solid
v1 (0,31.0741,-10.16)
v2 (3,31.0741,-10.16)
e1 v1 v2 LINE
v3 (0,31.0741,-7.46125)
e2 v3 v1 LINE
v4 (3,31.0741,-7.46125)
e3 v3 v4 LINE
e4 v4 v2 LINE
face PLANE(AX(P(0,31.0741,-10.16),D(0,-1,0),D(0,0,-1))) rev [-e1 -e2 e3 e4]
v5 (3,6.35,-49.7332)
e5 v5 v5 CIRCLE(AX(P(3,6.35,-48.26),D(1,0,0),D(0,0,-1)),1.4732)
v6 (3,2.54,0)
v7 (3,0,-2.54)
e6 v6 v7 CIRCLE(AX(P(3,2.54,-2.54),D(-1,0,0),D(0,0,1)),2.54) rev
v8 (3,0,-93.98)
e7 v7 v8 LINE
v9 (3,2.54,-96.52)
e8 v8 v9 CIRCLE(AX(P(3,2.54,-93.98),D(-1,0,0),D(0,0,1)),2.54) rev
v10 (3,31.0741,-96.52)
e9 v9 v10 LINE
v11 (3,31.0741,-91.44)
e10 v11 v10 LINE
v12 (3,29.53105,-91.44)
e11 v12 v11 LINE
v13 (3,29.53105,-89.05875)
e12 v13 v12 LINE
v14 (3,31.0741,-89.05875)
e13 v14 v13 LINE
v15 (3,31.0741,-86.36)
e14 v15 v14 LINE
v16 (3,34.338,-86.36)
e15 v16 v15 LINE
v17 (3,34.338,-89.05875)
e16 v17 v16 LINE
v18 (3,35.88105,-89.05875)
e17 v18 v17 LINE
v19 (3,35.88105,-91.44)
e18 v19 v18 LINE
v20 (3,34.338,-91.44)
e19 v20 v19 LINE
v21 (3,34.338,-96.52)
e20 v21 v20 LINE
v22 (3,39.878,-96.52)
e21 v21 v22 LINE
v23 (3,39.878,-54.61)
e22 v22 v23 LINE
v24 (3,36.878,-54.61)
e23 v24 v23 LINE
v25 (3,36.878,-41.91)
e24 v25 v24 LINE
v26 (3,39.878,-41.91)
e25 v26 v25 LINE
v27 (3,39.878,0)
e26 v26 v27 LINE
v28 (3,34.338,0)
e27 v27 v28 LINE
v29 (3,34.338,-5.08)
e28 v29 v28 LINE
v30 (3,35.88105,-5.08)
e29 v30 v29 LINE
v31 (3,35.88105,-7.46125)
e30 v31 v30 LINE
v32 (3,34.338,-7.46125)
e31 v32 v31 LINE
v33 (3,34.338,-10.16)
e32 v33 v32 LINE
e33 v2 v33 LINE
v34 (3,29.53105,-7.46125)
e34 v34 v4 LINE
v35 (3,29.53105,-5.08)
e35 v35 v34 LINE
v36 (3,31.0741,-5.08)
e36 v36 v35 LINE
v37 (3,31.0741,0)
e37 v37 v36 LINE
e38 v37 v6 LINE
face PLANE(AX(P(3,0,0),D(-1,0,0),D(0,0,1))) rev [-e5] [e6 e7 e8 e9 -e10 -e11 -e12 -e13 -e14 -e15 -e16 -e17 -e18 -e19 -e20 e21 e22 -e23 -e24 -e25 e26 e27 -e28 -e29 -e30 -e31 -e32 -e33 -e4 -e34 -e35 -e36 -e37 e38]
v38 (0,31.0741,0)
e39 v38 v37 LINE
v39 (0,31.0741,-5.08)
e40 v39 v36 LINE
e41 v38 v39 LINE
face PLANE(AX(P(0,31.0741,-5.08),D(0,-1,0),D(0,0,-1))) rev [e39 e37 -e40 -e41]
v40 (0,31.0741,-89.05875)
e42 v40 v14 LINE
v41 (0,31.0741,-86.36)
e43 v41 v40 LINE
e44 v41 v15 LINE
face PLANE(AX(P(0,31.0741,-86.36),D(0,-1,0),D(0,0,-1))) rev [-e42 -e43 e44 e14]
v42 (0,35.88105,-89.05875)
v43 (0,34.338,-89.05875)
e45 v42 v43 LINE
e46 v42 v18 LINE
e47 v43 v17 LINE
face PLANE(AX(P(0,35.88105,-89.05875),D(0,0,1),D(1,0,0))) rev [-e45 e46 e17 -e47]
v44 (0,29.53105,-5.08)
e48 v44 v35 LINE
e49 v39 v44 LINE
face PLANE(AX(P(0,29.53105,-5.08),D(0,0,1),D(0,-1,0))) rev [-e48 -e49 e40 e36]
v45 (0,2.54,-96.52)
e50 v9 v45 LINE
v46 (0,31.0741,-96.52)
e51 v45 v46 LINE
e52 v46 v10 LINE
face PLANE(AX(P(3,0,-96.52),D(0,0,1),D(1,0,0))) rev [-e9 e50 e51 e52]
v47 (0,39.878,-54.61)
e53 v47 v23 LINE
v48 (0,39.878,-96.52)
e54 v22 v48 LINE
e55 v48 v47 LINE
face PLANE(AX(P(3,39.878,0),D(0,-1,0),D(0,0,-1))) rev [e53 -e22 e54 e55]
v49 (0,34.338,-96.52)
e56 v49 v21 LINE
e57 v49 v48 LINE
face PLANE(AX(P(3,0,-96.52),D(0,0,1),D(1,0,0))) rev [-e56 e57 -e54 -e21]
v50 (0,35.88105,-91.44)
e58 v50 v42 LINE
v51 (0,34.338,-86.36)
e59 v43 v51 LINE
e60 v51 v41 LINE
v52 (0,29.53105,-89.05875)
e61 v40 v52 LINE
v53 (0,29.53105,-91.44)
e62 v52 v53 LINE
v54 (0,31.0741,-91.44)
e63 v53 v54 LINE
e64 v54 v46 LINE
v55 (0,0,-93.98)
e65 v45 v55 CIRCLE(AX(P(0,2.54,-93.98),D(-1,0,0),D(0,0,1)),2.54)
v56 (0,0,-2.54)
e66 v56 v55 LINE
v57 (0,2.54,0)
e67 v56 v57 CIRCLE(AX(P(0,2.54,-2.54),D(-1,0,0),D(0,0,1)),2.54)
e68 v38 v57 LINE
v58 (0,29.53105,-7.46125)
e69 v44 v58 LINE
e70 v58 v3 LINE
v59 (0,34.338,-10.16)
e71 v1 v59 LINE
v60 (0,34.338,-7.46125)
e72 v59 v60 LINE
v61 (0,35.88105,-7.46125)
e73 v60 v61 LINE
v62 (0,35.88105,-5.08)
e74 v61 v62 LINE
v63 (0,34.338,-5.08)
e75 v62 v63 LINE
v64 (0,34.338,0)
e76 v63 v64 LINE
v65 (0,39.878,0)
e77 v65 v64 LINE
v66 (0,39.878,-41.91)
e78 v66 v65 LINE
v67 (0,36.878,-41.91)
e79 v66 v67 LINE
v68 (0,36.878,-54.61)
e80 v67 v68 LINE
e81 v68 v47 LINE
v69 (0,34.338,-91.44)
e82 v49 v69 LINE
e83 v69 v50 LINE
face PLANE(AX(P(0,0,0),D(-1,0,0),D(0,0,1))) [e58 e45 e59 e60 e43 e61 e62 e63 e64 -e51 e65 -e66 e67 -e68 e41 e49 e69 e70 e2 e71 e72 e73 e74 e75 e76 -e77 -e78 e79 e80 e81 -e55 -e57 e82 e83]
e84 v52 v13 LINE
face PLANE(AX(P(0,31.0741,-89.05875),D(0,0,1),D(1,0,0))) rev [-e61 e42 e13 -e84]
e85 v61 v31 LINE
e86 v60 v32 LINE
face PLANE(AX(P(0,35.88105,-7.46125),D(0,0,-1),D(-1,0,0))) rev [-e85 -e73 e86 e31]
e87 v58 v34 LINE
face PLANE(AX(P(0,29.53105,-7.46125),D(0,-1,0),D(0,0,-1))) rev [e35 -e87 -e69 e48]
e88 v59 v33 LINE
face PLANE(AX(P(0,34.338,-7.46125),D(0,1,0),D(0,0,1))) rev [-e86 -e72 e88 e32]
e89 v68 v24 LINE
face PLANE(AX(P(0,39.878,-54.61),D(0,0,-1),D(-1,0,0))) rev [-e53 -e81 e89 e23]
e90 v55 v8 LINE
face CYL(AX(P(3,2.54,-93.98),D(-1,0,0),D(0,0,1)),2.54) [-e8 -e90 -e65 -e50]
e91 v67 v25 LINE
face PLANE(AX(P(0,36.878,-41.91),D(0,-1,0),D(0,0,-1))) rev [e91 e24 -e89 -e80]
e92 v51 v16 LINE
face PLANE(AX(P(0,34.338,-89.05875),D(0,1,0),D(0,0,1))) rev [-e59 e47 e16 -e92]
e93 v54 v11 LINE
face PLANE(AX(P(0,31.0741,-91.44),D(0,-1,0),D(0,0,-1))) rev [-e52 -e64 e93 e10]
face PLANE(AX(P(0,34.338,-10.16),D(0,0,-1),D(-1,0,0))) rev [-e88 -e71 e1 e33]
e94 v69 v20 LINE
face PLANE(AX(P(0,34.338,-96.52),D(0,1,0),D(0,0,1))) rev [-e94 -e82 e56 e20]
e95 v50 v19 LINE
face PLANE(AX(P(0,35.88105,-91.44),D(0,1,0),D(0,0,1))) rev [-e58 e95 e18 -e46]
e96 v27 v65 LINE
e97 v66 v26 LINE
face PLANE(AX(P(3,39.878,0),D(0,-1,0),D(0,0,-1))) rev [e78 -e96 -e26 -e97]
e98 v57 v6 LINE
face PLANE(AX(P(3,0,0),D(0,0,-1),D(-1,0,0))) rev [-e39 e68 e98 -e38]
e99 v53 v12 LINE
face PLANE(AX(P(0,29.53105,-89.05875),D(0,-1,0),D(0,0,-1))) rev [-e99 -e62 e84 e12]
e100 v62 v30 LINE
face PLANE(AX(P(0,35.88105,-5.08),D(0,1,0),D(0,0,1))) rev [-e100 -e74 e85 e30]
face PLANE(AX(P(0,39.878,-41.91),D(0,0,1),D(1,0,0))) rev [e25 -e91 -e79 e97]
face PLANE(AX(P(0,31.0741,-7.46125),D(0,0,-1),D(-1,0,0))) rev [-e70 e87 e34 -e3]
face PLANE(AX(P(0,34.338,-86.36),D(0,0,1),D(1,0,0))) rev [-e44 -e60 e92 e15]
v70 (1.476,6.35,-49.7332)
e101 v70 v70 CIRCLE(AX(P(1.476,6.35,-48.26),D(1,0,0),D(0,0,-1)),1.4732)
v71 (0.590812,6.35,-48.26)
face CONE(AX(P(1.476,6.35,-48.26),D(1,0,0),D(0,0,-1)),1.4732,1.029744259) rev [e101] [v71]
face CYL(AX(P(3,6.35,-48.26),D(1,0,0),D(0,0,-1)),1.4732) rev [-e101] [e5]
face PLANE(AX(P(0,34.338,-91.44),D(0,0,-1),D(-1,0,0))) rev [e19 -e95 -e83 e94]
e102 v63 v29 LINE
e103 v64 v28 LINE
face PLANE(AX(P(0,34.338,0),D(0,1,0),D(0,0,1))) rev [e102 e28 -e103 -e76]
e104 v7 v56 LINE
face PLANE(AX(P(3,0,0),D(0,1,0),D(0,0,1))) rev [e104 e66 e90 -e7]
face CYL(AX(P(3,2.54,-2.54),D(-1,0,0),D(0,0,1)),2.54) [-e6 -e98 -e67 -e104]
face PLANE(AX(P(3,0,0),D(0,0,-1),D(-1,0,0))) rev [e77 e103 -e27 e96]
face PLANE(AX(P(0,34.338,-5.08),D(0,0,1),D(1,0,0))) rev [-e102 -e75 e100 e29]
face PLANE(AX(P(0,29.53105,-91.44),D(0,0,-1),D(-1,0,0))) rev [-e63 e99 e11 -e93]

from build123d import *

# Parameters (mm, degrees)
SKETCH1_W                       = 96.52
SKETCH1_H                       = 39.878
BOSS_EXTRUDE1_DEPTH             = 3
F_32_0_116_DIAMETER_HOLE1_D     = 2.9464
F_32_0_116_DIAMETER_HOLE1_DEPTH = 1.524
F_32_0_116_DIAMETER_HOLE1_TIP   = 0.885187864
CUT_EXTRUDE1_DEPTH              = 3
FILLET1_R                       = 2.54
SKETCH5_W                       = 12.7
SKETCH5_H                       = 3
CUT_EXTRUDE2_DEPTH              = 3


with BuildPart() as part:
    # Sketch1 → Boss-Extrude1 (new body)
    with BuildSketch(Plane(origin=(0, 0, 0), x_dir=(0, 0, -1), z_dir=(1, 0, 0))):
        with Locations((48.26, 19.939)):
            Rectangle(SKETCH1_W, SKETCH1_H)
    extrude(amount=BOSS_EXTRUDE1_DEPTH)

    # #32 (0.116) Diameter Hole1
    with Locations(Plane(origin=(3, 0, 0), x_dir=(0, 0, -1), z_dir=(1, 0, 0))):
        with Locations((48.26, 6.35)):
            Hole(F_32_0_116_DIAMETER_HOLE1_D / 2, depth=F_32_0_116_DIAMETER_HOLE1_DEPTH)
            with Locations((0, 0, -(F_32_0_116_DIAMETER_HOLE1_DEPTH + F_32_0_116_DIAMETER_HOLE1_TIP / 2))):  # 118° drill point
                Cone(0, F_32_0_116_DIAMETER_HOLE1_D / 2, F_32_0_116_DIAMETER_HOLE1_TIP, mode=Mode.SUBTRACT)

    # Sketch4 → Cut-Extrude1 (cut)
    with BuildSketch(Plane(origin=(3, 0, 0), x_dir=(0, 0, -1), z_dir=(1, 0, 0))):
        Polygon((0, 34.338), (5.08, 34.338), (5.08, 35.88105), (7.46125, 35.88105), (7.46125, 34.338), (10.16, 34.338), (10.16, 31.0741), (7.46125, 31.0741), (7.46125, 29.53105), (5.08, 29.53105), (5.08, 31.0741), (0, 31.0741), align=None)
        Polygon((96.52, 31.0741), (96.52, 34.338), (91.44, 34.338), (91.44, 35.88105), (89.05875, 35.88105), (89.05875, 34.338), (86.36, 34.338), (86.36, 31.0741), (89.05875, 31.0741), (89.05875, 29.53105), (91.44, 29.53105), (91.44, 31.0741), align=None)
    extrude(amount=-CUT_EXTRUDE1_DEPTH, mode=Mode.SUBTRACT)

    # Fillet1
    fillet1_edges = [part.edges().sort_by_distance(p)[0] for p in [
        (1.5, 0, -96.52),
        (1.5, 0, 0),
    ]]
    fillet(fillet1_edges, radius=FILLET1_R)

    # Sketch5 → Cut-Extrude2 (cut)
    with BuildSketch(Plane(origin=(3, 0, 0), x_dir=(0, 0, -1), z_dir=(1, 0, 0))):
        with Locations((48.26, 38.378)):
            Rectangle(SKETCH5_W, SKETCH5_H)
    extrude(amount=-CUT_EXTRUDE2_DEPTH, mode=Mode.SUBTRACT)


solid = part.part
